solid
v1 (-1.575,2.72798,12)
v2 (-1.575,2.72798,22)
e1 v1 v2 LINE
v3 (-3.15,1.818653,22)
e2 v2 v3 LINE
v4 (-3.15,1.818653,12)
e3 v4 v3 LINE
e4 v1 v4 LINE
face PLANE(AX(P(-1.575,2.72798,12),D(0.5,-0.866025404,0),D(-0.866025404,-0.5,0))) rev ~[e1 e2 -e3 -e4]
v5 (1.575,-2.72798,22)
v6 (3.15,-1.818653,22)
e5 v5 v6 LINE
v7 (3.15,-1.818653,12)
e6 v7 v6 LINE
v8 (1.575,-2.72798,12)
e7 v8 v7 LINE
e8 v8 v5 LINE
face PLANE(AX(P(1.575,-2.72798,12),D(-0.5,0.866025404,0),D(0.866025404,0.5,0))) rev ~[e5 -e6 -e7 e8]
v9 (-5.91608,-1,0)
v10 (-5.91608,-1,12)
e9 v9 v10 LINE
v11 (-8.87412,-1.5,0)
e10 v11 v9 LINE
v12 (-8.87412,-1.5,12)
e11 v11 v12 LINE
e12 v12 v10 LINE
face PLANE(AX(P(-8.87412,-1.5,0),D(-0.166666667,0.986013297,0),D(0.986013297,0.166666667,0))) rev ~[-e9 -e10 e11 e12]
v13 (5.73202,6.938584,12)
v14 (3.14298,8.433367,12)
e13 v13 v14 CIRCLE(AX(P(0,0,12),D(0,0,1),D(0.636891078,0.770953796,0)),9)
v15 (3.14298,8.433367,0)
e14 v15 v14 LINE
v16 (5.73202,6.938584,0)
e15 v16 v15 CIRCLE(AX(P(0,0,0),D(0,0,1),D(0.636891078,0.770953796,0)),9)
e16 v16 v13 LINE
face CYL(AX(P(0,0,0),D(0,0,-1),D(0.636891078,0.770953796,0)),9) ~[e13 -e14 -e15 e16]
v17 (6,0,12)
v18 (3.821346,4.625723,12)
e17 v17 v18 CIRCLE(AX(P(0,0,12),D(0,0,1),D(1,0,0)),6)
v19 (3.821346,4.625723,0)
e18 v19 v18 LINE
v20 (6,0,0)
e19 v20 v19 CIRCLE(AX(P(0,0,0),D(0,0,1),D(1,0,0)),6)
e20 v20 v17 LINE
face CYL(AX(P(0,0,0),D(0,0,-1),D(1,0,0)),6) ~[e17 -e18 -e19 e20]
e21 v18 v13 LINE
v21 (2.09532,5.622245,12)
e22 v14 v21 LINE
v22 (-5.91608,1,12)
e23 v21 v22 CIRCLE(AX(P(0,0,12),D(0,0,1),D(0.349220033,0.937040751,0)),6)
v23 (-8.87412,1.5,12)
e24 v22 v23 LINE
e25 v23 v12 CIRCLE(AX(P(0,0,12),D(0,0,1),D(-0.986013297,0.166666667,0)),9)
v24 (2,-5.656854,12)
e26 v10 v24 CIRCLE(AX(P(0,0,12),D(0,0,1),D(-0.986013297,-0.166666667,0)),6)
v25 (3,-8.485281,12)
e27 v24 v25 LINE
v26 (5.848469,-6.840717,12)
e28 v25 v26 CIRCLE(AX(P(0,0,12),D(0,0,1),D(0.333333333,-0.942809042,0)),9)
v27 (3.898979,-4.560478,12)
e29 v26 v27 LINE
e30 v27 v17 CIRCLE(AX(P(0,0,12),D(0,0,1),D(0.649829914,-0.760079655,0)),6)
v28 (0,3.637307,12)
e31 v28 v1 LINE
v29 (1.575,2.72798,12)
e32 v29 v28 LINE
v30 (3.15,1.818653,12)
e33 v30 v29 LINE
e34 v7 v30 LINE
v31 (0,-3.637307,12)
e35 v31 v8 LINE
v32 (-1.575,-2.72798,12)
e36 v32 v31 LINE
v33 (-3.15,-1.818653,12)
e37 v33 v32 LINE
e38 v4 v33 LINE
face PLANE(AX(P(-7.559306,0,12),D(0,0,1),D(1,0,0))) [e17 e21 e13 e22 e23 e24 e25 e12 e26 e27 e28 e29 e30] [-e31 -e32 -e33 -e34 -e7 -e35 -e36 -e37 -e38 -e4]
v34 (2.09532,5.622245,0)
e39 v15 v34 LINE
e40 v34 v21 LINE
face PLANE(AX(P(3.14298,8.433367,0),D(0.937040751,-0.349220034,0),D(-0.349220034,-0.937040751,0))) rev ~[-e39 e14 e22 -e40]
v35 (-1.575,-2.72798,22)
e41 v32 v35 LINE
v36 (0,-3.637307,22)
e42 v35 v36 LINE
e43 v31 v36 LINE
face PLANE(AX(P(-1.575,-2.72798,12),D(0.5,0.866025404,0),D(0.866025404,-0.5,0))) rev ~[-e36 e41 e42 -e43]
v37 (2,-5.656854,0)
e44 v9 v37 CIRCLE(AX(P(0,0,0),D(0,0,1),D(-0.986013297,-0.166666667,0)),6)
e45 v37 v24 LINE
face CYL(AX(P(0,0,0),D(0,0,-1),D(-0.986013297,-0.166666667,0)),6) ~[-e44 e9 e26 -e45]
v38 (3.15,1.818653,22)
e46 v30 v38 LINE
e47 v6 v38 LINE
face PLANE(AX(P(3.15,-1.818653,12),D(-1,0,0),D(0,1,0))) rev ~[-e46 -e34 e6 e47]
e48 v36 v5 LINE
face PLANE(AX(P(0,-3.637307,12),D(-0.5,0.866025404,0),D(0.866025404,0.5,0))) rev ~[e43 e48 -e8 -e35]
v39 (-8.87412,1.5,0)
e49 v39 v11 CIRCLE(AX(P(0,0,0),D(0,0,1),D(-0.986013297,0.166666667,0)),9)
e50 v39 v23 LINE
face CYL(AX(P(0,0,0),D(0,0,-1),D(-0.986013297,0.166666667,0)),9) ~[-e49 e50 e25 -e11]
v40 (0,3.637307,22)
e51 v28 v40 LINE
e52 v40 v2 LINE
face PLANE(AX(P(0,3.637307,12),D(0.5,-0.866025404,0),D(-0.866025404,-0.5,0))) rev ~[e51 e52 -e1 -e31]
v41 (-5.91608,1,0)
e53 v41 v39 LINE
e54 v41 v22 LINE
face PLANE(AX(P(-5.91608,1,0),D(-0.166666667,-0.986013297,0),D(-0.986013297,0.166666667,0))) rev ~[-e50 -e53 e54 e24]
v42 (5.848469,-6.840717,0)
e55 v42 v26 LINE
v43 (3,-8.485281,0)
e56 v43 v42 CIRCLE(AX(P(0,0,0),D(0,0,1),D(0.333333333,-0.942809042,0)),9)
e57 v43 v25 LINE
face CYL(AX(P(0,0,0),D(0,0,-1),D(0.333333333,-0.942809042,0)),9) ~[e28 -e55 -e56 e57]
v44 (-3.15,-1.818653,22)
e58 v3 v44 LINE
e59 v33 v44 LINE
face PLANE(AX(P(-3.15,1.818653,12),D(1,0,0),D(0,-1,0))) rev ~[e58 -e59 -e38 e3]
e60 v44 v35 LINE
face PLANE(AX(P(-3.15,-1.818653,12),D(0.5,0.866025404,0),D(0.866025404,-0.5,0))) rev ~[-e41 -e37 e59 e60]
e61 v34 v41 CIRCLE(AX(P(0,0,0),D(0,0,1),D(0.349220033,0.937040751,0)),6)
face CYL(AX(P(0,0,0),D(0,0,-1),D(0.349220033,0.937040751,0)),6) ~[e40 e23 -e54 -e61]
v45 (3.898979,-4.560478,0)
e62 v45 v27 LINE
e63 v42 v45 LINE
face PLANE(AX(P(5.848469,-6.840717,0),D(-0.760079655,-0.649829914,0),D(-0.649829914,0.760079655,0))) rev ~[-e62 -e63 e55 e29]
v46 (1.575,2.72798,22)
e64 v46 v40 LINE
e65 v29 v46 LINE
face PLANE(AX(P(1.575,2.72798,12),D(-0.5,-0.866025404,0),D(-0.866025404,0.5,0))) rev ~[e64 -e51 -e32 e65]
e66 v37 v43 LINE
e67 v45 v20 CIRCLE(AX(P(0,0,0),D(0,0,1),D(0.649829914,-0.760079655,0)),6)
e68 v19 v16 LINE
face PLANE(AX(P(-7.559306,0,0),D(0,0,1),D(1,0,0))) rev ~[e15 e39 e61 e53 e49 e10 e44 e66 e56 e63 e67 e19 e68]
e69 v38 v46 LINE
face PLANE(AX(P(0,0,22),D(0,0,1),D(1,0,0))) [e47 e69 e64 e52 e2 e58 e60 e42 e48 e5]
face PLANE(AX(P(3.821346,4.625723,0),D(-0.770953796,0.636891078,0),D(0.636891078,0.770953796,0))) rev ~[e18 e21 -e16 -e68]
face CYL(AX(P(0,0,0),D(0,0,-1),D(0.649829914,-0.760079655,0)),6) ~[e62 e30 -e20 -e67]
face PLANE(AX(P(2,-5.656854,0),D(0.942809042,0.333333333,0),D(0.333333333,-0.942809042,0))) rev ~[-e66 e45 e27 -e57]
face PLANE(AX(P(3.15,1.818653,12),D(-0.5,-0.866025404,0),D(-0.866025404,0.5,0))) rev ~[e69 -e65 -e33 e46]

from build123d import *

# Parameters (mm, degrees)
F1_DEPTH = 12
F3_DEPTH = 10


with BuildPart() as f1:
    # F0 (on Top) → F1 (new body)
    with BuildSketch(Plane.XY):
        with BuildLine():
            Line((-5.9160797831, 1), (-8.8741196746, 1.5))
            ThreePointArc((-8.8741196746, 1.5), (-9, 0), (-8.8741196746, -1.5))
            Line((-8.8741196746, -1.5), (-5.9160797831, -1))
            ThreePointArc((-5.9160797831, -1), (-6, 0), (-5.9160797831, 1))
        make_face()
        with BuildLine():
            ThreePointArc((6, 0), (5.4280787943, 2.5565524839), (3.8213464657, 4.6257227748))
            ThreePointArc((3.8213464657, 4.6257227748), (3, 5.1961524227), (2.0953202009, 5.6222445034))
            ThreePointArc((2.0953202009, 5.6222445034), (-2.9984724458, 5.1970340572), (-5.9160797831, 1))
            ThreePointArc((-5.9160797831, 1), (-6, 0), (-5.9160797831, -1))
            ThreePointArc((-5.9160797831, -1), (-3.0422841899, -5.1715091519), (2, -5.6568542495))
            ThreePointArc((2, -5.6568542495), (3, -5.1961524227), (3.8989794856, -4.5604779323))
            ThreePointArc((3.8989794856, -4.5604779323), (5.4494897428, -2.5105898796), (6, 0))
        make_face()
        with BuildLine():
            Line((3.8213464657, 4.6257227748), (5.7320196986, 6.9385841621))
            ThreePointArc((5.7320196986, 6.9385841621), (4.5, 7.7942286341), (3.1429803014, 8.433366755))
            Line((3.1429803014, 8.433366755), (2.0953202009, 5.6222445034))
            ThreePointArc((2.0953202009, 5.6222445034), (3, 5.1961524227), (3.8213464657, 4.6257227748))
        make_face()
        with BuildLine():
            ThreePointArc((3, -8.4852813742), (4.5, -7.7942286341), (5.8484692283, -6.8407168985))
            Line((5.8484692283, -6.8407168985), (3.8989794856, -4.5604779323))
            ThreePointArc((3.8989794856, -4.5604779323), (3, -5.1961524227), (2, -5.6568542495))
            Line((2, -5.6568542495), (3, -8.4852813742))
        make_face()
    extrude(amount=F1_DEPTH)

    # F2 (on face) → F3 (join)
    with BuildSketch(Plane.XY.offset(12)):
        with BuildLine():
            ThreePointArc((1.5750000902, -2.7279799699), (2.727980048, -1.5749999549), (3.15, 0))
            ThreePointArc((3.15, 0), (2.7279800298, 1.5749999864), (1.5750000272, 2.7279800062))
            ThreePointArc((1.5750000272, 2.7279800062), (1.5e-08, 3.15), (-1.5750000013, 2.7279800212))
            ThreePointArc((-1.5750000013, 2.7279800212), (-2.7279800223, 1.5749999993), (-3.15, 0))
            ThreePointArc((-3.15, 0), (-2.7279800223, -1.5749999993), (-1.5750000013, -2.7279800212))
            ThreePointArc((-1.5750000013, -2.7279800212), (5.13e-08, -3.15), (1.5750000902, -2.7279799699))
        make_face()
        with BuildLine():
            Line((3.15, -1.8186533479), (3.15, 0))
            ThreePointArc((3.15, 0), (2.727980048, -1.5749999549), (1.5750000902, -2.7279799699))
            Line((1.5750000902, -2.7279799699), (3.15, -1.8186533479))
        make_face()
        with BuildLine():
            ThreePointArc((1.5750000272, 2.7279800062), (2.7279800298, 1.5749999864), (3.15, 0))
            Line((3.15, 0), (3.15, 1.8186533479))
            Line((3.15, 1.8186533479), (1.5750000272, 2.7279800062))
        make_face()
        with BuildLine():
            ThreePointArc((-1.5750000013, 2.7279800212), (1.5e-08, 3.15), (1.5750000272, 2.7279800062))
            Line((1.5750000272, 2.7279800062), (0, 3.6373066959))
            Line((0, 3.6373066959), (-1.5750000013, 2.7279800212))
        make_face()
        with BuildLine():
            Line((0, -3.6373066959), (1.5750000902, -2.7279799699))
            ThreePointArc((1.5750000902, -2.7279799699), (5.13e-08, -3.15), (-1.5750000013, -2.7279800212))
            Line((-1.5750000013, -2.7279800212), (0, -3.6373066959))
        make_face()
        with BuildLine():
            ThreePointArc((-3.15, 0), (-2.7279800223, 1.5749999993), (-1.5750000013, 2.7279800212))
            Line((-1.5750000013, 2.7279800212), (-3.15, 1.8186533479))
            Line((-3.15, 1.8186533479), (-3.15, 0))
        make_face()
        with BuildLine():
            Line((-3.15, -1.8186533479), (-1.5750000013, -2.7279800212))
            ThreePointArc((-1.5750000013, -2.7279800212), (-2.7279800223, -1.5749999993), (-3.15, 0))
            Line((-3.15, 0), (-3.15, -1.8186533479))
        make_face()
    extrude(amount=F3_DEPTH)


solid = f1.part
